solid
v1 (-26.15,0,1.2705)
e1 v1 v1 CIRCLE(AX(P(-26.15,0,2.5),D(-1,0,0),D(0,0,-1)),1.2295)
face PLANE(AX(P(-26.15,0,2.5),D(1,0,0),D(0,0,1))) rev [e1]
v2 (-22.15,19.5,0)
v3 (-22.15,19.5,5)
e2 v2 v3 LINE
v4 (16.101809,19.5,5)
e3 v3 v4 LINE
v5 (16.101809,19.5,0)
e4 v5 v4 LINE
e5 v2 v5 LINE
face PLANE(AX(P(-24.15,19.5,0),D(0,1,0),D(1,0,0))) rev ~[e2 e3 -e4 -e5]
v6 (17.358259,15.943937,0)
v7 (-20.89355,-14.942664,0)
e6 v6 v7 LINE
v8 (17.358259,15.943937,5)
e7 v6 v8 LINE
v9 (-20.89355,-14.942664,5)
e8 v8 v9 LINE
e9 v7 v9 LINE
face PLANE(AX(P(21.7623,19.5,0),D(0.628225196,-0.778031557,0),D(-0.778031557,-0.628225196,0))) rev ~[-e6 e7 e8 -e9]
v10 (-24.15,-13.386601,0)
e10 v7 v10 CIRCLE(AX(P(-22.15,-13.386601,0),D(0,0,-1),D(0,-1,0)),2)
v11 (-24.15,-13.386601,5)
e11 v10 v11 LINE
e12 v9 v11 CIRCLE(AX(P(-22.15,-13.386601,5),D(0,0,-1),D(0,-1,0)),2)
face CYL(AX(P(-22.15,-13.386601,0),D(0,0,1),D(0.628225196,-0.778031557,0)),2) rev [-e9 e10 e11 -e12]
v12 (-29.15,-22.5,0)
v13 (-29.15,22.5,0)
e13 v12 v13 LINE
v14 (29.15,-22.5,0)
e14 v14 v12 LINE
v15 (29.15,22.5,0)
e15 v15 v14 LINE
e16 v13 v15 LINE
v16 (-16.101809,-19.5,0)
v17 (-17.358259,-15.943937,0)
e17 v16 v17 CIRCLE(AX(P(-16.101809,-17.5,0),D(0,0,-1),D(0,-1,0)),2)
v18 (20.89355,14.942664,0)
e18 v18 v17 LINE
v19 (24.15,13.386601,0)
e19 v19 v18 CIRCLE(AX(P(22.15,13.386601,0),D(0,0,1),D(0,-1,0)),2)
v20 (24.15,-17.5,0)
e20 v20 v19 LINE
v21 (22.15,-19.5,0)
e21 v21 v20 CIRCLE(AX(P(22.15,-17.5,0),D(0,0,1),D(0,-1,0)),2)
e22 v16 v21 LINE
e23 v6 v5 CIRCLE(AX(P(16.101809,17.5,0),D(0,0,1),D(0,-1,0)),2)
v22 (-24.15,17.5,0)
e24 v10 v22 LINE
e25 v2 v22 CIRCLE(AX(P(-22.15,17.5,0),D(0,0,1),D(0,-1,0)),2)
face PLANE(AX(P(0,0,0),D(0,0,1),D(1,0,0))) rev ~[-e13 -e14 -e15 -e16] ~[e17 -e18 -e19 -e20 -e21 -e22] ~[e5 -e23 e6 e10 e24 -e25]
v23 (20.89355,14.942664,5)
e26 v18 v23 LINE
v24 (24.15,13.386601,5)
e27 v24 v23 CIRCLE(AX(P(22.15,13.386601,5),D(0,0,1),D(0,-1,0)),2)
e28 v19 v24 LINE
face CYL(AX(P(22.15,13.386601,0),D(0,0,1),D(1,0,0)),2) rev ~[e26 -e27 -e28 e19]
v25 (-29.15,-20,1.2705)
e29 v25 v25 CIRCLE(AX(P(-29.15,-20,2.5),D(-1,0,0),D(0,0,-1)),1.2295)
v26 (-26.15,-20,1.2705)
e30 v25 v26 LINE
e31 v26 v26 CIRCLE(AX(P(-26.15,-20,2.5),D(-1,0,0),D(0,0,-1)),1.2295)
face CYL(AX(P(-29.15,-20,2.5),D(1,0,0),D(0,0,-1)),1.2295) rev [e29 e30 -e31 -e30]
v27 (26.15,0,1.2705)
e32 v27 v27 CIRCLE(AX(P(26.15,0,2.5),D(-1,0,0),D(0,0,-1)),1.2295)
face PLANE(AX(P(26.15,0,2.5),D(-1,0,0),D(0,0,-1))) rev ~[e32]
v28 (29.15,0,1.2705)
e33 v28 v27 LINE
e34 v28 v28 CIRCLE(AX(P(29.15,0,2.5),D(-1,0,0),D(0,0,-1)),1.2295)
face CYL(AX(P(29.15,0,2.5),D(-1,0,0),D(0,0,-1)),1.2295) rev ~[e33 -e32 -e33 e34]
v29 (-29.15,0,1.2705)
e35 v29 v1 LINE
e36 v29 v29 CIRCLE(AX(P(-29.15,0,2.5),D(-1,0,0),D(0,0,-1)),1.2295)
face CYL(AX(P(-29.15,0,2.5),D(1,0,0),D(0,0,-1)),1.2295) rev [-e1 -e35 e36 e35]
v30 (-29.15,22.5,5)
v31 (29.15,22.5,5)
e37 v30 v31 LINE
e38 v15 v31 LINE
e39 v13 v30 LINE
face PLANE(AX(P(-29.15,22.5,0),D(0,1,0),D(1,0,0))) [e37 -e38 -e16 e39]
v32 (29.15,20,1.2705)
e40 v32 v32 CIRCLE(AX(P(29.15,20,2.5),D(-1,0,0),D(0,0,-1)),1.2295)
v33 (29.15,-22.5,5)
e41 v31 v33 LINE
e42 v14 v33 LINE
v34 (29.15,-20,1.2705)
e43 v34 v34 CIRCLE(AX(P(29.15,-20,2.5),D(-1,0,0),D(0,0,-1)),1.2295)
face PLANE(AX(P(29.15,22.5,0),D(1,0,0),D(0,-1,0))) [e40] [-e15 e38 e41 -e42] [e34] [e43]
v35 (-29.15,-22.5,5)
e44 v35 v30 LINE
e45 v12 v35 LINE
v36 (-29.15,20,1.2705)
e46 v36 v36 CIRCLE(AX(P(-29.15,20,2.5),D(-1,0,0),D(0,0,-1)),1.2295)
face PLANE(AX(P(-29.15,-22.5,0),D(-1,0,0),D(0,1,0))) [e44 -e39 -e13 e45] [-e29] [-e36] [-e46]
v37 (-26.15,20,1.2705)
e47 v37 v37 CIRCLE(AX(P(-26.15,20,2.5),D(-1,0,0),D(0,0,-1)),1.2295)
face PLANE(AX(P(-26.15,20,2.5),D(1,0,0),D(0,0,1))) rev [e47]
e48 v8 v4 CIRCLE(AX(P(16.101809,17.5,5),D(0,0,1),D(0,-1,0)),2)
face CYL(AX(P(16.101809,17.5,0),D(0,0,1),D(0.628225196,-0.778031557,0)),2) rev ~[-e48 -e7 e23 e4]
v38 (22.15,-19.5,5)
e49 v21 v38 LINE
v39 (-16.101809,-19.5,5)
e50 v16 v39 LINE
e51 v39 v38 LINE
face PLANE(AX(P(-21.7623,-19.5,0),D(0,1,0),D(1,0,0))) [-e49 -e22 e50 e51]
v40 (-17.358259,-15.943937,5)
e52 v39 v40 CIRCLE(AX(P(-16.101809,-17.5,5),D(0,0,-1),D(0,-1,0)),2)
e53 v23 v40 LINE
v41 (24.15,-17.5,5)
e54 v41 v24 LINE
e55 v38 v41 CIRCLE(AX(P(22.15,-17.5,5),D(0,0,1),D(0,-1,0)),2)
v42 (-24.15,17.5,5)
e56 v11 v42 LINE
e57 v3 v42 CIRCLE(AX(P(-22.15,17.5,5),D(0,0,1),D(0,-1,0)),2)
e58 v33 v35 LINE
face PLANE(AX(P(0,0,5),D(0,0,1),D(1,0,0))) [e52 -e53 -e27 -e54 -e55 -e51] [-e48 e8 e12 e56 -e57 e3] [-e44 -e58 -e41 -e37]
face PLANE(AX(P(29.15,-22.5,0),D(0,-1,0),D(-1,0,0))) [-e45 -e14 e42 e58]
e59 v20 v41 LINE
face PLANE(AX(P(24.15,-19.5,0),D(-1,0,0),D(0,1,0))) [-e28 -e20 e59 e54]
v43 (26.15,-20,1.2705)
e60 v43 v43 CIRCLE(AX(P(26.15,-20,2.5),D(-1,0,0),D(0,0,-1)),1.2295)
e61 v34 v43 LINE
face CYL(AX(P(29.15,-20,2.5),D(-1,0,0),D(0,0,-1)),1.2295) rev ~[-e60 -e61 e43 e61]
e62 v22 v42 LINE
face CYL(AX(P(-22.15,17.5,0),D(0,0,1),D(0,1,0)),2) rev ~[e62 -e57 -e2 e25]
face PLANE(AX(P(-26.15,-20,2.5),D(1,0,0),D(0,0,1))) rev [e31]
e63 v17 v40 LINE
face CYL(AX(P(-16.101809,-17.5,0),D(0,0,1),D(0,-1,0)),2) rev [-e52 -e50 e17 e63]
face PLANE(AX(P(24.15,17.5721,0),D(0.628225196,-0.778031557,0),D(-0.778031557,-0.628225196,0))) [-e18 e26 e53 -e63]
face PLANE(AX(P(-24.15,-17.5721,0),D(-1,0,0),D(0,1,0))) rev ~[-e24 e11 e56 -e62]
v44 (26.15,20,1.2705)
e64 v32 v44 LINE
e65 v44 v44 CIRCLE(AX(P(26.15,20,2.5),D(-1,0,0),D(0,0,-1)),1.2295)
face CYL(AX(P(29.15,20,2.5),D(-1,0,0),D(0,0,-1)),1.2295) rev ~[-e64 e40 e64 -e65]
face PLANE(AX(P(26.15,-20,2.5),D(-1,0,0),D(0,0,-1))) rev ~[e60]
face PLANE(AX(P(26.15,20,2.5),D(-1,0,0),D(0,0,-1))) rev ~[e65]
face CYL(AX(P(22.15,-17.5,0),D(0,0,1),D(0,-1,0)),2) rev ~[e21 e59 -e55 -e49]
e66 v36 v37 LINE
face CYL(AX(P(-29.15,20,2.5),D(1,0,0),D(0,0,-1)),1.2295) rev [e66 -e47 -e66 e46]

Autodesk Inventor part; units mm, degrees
ref_plane "YZ Plane" through (0, 0, 0) normal (1, 0, 0) x (0, 1, 0)
ref_plane "XZ Plane" through (0, 0, 0) normal (0, 1, 0) x (-1, 0, 0)
ref_plane "XY Plane" through (0, 0, 0) normal (0, 0, 1) x (1, 0, 0)
sketch "スケッチ1" plane through (0, 0, 0) normal (0, 0, 1) x (1, 0, 0)
  line L0 (-29.15, 22.5) -> (29.15, 22.5)
  line L1 (29.15, 22.5) -> (29.15, -22.5)
  line L2 (29.15, -22.5) -> (-29.15, -22.5)
  line L3 (-29.15, -22.5) -> (-29.15, 22.5)
  line L4 (-24.15, 19.5) -> (24.15, 19.5) construction
  line L5 (24.15, 19.5) -> (24.15, -19.5) construction
  line L6 (24.15, -19.5) -> (-24.15, -19.5) construction
  line L7 (-24.15, -19.5) -> (-24.15, 19.5) construction
  line L8 (24.15, 19.5) -> (-24.15, -19.5) construction
  line L9 (-24.15, -17.5721) -> (-24.15, 19.5)
  line L10 (-24.15, 19.5) -> (21.7623, 19.5)
  line L11 (21.7623, 19.5) -> (-24.15, -17.5721)
  line L12 (-21.7623, -19.5) -> (24.15, -19.5)
  line L13 (24.15, -19.5) -> (24.15, 17.5721)
  line L14 (24.15, 17.5721) -> (-21.7623, -19.5)
  line L15 (-29.15, 20) -> (29.15, 20) construction
  line L16 (29.15, -20) -> (-29.15, -20) construction
  line L17 (29.15, 20) -> (29.15, -20) construction
  point P0 (0, 0)
  point P1 (0, 19.5)
  point P2 (0, 22.5)
  point P3 (24.15, 0)
  point P4 (29.15, 0)
  dimension "d0" = 5
  dimension "d1" = 3
  dimension "d2" = 1.5
  dimension "d3" = 40
  dimension "d4" = 2.5
  dimension "d19" = 58.3
extrude "押し出し1" add sketch "スケッチ1" along normal blind 5
sketch "スケッチ2" plane through (29.15, -22.5, 0) normal (1, 0, 0) x (0, 0, -1)
  line L0 (0, 45) -> (-5, 45) projected
  line L1 (-5, 0) -> (-5, 45) projected
  line L2 (0, 22.5) -> (-5, 22.5) construction
  point P0 (-2.5, 2.5)
  point P1 (-2.5, 22.5)
  point P2 (-2.5, 42.5)
  point P3 (-2.5, 45)
  dimension "d7" = 40
hole "穴1" at (29.15, -20, 2.5) at (29.15, 0, 2.5) at (29.15, 20, 2.5) direction (-1, 0, 0) diameter 2.459 depth 3 thread size "M3x0.5" class "6H" standard "ISO Metric profile"
mirror "ミラー1" about plane through (0, 0, 0) normal (1, 0, 0) of "穴1"
fillet "フィレット1" radius 2 6 edges at (-21.7623, -19.5, 2.5) (-24.15, -17.5721, 2.5) (24.15, 17.5721, 2.5) (24.15, -19.5, 2.5) (-24.15, 19.5, 2.5) (21.7623, 19.5, 2.5)
equation "\"d3\" = d11_1"
equation "\"d7\" = d3"
equation "\"d11_1\" = 40"
properties part number "リンク_ふくらはぎ_サブフレーム_1_1(予備案)" material "アルミニウム 2014-T4"
